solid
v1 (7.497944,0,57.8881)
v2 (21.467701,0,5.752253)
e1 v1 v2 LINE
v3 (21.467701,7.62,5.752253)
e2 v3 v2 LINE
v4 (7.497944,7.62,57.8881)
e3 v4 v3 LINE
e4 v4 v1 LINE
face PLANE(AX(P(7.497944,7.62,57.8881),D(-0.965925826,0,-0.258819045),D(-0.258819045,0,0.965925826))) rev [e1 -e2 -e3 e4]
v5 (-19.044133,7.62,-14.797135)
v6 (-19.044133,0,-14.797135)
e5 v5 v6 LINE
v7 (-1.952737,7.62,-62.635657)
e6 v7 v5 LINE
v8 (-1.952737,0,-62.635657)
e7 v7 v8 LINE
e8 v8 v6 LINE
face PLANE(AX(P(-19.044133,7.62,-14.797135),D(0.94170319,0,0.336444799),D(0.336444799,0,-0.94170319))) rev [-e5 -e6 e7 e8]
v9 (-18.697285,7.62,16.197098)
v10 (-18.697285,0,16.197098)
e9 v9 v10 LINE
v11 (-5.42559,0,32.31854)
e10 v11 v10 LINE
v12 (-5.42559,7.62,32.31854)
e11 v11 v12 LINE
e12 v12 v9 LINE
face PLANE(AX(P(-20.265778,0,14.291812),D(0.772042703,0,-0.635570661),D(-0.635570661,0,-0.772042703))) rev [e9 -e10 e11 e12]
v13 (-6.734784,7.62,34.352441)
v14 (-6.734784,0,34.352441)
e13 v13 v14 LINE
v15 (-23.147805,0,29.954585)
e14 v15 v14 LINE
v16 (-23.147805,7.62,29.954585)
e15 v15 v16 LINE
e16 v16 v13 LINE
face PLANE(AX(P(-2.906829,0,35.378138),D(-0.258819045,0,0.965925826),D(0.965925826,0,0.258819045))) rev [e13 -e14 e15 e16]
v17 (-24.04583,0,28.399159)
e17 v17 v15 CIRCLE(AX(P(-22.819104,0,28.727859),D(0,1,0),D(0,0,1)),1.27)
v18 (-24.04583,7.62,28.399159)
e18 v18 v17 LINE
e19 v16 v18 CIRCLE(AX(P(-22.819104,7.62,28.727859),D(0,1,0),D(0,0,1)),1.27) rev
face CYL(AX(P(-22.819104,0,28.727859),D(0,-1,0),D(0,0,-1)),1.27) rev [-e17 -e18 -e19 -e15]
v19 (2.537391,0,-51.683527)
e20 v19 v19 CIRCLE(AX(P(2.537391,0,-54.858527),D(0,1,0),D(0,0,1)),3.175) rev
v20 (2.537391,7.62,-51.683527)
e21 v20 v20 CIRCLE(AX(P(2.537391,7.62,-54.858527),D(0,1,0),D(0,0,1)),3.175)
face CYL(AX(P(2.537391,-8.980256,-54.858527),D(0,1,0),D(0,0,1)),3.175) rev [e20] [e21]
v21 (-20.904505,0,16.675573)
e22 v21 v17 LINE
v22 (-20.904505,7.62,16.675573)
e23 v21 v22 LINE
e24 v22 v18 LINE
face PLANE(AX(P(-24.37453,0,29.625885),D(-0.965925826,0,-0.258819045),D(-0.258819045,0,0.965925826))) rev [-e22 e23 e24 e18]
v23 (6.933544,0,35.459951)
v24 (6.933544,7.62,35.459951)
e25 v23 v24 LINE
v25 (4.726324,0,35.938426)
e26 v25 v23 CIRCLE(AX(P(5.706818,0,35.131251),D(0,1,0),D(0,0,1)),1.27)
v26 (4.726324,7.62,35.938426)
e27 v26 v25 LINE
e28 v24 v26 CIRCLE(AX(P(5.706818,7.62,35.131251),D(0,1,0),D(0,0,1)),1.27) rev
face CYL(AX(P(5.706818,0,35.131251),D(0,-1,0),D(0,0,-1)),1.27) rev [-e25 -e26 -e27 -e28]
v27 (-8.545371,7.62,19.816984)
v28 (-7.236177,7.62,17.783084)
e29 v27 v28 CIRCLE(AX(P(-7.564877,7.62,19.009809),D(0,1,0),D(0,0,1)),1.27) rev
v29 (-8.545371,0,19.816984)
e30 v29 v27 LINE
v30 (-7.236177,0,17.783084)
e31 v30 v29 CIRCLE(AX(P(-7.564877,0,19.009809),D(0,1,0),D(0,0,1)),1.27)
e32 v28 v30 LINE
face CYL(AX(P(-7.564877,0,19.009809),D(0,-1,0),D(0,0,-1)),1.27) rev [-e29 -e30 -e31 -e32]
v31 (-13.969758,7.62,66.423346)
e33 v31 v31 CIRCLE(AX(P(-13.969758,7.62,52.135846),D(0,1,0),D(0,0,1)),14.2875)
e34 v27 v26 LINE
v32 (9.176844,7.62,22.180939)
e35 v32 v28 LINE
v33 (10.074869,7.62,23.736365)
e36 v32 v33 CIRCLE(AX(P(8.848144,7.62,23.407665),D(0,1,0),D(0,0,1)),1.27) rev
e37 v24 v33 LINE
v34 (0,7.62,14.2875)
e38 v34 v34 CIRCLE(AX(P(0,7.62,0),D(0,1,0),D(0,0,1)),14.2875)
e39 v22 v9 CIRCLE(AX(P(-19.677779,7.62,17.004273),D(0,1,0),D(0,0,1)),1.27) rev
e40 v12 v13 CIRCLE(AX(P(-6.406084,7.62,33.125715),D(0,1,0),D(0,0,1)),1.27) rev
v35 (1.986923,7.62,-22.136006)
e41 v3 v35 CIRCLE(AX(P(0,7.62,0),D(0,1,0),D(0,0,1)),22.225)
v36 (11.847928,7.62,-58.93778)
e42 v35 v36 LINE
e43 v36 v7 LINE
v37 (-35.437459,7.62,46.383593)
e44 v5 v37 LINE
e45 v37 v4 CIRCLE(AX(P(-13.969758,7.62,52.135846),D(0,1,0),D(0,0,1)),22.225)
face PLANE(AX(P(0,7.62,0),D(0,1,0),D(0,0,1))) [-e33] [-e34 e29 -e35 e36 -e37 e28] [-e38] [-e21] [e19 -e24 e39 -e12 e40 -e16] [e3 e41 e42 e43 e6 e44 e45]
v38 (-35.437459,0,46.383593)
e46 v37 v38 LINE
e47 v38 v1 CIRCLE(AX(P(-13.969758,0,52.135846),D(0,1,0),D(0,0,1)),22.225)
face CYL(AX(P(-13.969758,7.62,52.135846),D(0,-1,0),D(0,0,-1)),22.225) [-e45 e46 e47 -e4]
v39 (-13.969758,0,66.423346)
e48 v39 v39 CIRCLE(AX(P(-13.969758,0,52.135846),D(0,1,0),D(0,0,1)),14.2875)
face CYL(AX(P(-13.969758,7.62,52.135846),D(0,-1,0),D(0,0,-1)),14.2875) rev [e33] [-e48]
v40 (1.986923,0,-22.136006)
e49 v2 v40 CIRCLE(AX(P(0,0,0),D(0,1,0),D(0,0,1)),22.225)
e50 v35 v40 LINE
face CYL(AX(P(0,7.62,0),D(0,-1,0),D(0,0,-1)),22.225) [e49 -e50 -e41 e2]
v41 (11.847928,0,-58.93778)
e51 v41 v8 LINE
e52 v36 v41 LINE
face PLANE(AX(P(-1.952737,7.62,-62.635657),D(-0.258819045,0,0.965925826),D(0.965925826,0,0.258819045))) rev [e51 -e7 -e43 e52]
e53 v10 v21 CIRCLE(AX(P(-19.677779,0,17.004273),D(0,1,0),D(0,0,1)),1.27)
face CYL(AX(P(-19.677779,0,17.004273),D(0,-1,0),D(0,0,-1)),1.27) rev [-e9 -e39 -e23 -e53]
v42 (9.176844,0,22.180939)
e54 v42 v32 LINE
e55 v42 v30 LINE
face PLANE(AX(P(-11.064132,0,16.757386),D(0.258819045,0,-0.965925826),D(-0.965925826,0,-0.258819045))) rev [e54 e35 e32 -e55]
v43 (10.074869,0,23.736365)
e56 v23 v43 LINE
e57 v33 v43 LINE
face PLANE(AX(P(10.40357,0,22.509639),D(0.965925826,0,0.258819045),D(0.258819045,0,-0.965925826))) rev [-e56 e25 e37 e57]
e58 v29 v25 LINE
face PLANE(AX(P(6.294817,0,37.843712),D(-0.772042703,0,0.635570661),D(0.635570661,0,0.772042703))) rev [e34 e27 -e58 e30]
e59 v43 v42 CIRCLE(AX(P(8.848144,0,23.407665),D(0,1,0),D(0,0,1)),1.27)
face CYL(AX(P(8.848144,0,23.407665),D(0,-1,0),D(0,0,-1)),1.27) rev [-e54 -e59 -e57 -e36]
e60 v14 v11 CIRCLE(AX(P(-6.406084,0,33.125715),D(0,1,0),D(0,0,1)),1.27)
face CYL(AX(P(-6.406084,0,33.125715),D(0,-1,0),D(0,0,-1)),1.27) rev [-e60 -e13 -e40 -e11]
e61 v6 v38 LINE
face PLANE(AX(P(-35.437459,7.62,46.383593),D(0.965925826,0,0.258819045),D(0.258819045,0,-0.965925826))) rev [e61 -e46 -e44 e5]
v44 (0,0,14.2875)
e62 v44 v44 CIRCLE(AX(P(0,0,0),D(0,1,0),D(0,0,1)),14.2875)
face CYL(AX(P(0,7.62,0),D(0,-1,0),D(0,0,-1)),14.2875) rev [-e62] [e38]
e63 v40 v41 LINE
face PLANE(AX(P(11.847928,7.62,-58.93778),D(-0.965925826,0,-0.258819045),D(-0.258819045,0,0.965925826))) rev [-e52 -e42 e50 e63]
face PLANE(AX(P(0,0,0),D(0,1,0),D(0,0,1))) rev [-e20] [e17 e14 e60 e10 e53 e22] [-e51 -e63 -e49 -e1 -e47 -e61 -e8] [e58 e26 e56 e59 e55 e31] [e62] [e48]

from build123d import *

# Parameters (mm, degrees)
SKETCH1_R           = 14.2875
BOSS_EXTRUDE1_DEPTH = 7.62
CUT_EXTRUDE1_DEPTH  = 8.62
FILLET1_R           = 1.27
SKETCH3_R           = 3.175
CUT_EXTRUDE2_DEPTH  = 7.62


with BuildPart() as part:
    # Sketch1 → Boss-Extrude1 (new body)
    with BuildSketch(Plane(origin=(0, 0, 0), x_dir=(1, 0, 0), z_dir=(0, 1, 0))):
        with BuildLine():
            Line((7.49794353, -57.888099751), (21.467701489, -5.752253277))
            ThreePointArc((21.467701489, -5.752253277), (18.22000551, 12.727215887), (1.986922694, 22.136006036))
            Line((1.986922694, 22.136006036), (11.847928312, 58.937780017))
            Line((11.847928312, 58.937780017), (-1.952736931, 62.635657124))
            Line((-1.952736931, 62.635657124), (-19.044132712, 14.797135091))
            Line((-19.044132712, 14.797135091), (-35.437459449, -46.383593197))
            ThreePointArc((-35.437459449, -46.383593197), (-19.722011237, -73.603547963), (7.49794353, -57.888099751))
        make_face()
        with Locations((-13.969757959, -52.135846474)):
            Circle(SKETCH1_R, mode=Mode.SUBTRACT)
        Circle(SKETCH1_R, mode=Mode.SUBTRACT)
    extrude(amount=BOSS_EXTRUDE1_DEPTH)

    # Sketch2 → Cut-Extrude1 (cut, through all)
    with BuildSketch(Plane(origin=(0, 7.62, 0), x_dir=(1, 0, 0), z_dir=(0, 1, 0))):
        Polygon((-20.265778136, -14.291812351), (-2.906828988, -35.378138121), (-24.374530477, -29.625884844), align=None)
        Polygon((-11.064131806, -16.757386054), (10.403569683, -22.509639332), (6.294817342, -37.843711824), align=None)
    extrude(amount=-CUT_EXTRUDE1_DEPTH, mode=Mode.SUBTRACT)

    # Fillet1
    fillet1_edges = [part.edges().sort_by_distance(p)[0] for p in [
        (-24.374530477, 3.81, 29.625884844),
        (-20.265778136, 3.81, 14.291812351),
        (-2.906828988, 3.81, 35.378138121),
        (6.294817342, 3.81, 37.843711824),
        (-11.064131806, 3.81, 16.757386054),
        (10.403569683, 3.81, 22.509639332),
    ]]
    fillet(fillet1_edges, radius=FILLET1_R)

    # Sketch3 → Cut-Extrude2 (cut)
    with BuildSketch(Plane(origin=(0, 7.62, 0), x_dir=(1, 0, 0), z_dir=(0, 1, 0))):
        with Locations((2.537391129, 54.858527191)):
            Circle(SKETCH3_R)
    extrude(amount=-CUT_EXTRUDE2_DEPTH, mode=Mode.SUBTRACT)


solid = part.part
